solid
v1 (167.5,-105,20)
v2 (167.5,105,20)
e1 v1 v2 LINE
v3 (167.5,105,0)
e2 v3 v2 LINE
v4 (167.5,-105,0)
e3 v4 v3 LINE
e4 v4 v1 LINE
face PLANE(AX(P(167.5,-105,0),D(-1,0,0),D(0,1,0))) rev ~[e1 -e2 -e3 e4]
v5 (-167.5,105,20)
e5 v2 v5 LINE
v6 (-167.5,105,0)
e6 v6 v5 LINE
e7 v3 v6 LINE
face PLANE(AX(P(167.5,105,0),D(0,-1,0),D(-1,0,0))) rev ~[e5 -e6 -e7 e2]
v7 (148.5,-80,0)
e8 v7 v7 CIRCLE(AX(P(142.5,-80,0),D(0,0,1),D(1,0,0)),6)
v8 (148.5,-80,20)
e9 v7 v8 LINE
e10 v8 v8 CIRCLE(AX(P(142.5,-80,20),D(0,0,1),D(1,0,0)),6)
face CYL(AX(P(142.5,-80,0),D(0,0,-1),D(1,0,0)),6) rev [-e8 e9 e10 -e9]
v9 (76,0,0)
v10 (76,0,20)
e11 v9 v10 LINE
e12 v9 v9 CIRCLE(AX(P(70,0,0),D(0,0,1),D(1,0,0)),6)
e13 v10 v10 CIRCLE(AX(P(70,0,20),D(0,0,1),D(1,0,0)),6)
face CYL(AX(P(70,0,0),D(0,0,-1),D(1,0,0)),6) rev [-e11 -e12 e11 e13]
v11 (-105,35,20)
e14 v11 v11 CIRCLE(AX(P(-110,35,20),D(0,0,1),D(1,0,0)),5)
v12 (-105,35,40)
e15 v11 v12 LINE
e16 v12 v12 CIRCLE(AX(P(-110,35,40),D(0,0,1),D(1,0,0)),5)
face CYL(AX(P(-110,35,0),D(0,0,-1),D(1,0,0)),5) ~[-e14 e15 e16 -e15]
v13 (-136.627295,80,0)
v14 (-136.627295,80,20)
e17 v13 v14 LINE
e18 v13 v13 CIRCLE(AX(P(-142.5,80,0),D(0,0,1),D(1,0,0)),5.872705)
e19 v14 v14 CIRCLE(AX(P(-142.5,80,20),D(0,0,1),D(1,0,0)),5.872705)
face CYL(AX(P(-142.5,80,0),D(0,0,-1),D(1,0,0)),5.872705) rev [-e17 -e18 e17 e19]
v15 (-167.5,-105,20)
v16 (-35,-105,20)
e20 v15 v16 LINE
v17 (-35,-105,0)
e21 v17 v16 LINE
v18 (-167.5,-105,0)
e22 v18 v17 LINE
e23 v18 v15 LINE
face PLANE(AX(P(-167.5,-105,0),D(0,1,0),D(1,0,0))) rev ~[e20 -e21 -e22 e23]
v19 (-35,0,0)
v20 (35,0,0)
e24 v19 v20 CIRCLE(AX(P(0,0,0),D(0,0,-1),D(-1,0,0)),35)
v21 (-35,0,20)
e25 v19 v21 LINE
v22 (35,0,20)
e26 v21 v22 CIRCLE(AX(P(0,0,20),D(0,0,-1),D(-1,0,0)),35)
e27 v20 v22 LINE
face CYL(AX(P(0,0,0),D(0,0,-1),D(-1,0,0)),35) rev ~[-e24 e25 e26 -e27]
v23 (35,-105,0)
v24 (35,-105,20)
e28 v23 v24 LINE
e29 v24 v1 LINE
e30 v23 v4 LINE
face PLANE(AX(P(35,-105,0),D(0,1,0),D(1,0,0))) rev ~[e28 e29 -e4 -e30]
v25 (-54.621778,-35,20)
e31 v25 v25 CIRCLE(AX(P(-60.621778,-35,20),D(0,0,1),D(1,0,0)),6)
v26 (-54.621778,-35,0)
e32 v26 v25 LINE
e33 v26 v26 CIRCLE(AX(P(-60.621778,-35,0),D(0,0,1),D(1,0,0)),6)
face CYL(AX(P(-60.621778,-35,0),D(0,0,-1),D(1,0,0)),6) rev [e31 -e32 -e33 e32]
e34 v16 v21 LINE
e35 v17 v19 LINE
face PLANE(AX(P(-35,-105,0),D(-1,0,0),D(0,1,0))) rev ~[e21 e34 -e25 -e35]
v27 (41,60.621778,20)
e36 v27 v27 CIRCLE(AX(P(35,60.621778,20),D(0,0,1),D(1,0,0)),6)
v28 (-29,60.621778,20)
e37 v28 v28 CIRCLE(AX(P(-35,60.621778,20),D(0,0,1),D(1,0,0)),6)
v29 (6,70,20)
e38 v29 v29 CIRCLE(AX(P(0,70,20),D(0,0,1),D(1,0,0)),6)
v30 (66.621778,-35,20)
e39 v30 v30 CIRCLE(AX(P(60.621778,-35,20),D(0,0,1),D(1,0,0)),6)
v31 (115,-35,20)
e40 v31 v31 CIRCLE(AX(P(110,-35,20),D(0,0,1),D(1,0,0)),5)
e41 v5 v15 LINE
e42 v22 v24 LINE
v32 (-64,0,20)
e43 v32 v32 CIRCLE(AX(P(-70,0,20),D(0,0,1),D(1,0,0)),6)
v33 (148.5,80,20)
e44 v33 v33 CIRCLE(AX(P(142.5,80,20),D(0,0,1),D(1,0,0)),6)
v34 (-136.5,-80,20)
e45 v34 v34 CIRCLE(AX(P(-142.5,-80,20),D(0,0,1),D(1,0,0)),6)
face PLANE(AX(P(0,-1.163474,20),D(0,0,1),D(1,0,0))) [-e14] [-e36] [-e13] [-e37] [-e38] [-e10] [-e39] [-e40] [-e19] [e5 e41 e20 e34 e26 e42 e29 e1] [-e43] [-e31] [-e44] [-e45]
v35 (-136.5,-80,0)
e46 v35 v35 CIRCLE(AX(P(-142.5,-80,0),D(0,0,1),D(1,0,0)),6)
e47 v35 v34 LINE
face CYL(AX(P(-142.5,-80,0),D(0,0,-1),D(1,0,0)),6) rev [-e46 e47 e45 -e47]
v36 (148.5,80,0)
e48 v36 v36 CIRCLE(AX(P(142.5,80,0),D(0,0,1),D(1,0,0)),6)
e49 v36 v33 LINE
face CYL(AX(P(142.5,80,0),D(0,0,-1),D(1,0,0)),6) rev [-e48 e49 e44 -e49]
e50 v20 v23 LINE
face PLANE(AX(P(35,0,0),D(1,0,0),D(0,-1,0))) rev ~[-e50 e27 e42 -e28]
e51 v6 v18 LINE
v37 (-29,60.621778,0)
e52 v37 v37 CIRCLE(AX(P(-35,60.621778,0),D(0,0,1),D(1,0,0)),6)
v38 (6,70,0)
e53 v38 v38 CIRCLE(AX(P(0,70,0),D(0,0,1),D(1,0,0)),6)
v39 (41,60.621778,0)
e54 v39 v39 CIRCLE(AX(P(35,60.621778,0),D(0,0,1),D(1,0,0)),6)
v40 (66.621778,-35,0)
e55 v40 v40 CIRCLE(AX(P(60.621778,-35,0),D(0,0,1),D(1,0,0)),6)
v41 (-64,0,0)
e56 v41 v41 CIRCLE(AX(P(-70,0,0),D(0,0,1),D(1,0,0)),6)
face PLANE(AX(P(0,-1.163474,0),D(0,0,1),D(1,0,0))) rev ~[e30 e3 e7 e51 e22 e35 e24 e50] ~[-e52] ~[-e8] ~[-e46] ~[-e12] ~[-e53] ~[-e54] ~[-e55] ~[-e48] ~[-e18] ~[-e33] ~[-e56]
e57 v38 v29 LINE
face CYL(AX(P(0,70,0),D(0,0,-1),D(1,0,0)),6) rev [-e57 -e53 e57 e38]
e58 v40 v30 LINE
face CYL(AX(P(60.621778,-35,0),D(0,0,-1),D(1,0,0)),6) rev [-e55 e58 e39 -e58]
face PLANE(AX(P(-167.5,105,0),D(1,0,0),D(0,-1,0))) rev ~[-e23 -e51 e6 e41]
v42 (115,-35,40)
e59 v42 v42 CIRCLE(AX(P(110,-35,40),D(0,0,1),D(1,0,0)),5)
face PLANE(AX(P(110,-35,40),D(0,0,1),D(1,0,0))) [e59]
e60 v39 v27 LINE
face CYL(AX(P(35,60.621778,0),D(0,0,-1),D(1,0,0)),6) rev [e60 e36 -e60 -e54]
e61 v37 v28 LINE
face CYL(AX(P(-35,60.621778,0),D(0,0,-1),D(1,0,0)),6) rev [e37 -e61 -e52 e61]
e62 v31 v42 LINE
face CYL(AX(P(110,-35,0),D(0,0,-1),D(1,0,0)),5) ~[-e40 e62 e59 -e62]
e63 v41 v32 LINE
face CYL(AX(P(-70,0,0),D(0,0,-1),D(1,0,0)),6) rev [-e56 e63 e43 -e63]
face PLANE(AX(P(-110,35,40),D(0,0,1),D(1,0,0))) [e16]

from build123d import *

# Parameters (mm, degrees)
F0_R     = 6
F0_R_2   = 5
F0_R_3   = 5.872705
F1_DEPTH = 20
F2_DEPTH = 40


with BuildPart() as f1:
    # F0 (on Top) → F1 (new body)
    with BuildSketch(Plane.XY):
        with BuildLine():
            Line((167.5, 105), (-167.5, 105))
            Line((-167.5, 105), (-167.5, -105))
            Line((-167.5, -105), (-35, -105))
            Line((-35, -105), (-35, 0))
            ThreePointArc((-35, 0), (0, 35), (35, 0))
            Line((35, 0), (35, -105))
            Line((35, -105), (167.5, -105))
            Line((167.5, -105), (167.5, 105))
        make_face()
        with Locations((-142.5, -80)):
            Circle(F0_R, mode=Mode.SUBTRACT)
        with Locations((-60.621778, -35)):
            Circle(F0_R, mode=Mode.SUBTRACT)
        with Locations((142.5, -80)):
            Circle(F0_R, mode=Mode.SUBTRACT)
        with Locations((60.621778, -35)):
            Circle(F0_R, mode=Mode.SUBTRACT)
        with Locations((110, -35)):
            Circle(F0_R_2, mode=Mode.SUBTRACT)
        with Locations((-110, 35)):
            Circle(F0_R_2, mode=Mode.SUBTRACT)
        with Locations((-70, 0)):
            Circle(F0_R, mode=Mode.SUBTRACT)
        with Locations((-142.5, 80)):
            Circle(F0_R_3, mode=Mode.SUBTRACT)
        with Locations((-35, 60.621778)):
            Circle(F0_R, mode=Mode.SUBTRACT)
        with Locations((70, 0)):
            Circle(F0_R, mode=Mode.SUBTRACT)
        with Locations((35, 60.621778)):
            Circle(F0_R, mode=Mode.SUBTRACT)
        with Locations((0, 70)):
            Circle(F0_R, mode=Mode.SUBTRACT)
        with Locations((142.5, 80)):
            Circle(F0_R, mode=Mode.SUBTRACT)
    extrude(amount=F1_DEPTH)

    # F0 (on Top) → F2 (join)
    with BuildSketch(Plane.XY):
        with Locations((-110, 35)):
            Circle(F0_R_2)
        with Locations((110, -35)):
            Circle(F0_R_2)
    extrude(amount=F2_DEPTH)


solid = f1.part
